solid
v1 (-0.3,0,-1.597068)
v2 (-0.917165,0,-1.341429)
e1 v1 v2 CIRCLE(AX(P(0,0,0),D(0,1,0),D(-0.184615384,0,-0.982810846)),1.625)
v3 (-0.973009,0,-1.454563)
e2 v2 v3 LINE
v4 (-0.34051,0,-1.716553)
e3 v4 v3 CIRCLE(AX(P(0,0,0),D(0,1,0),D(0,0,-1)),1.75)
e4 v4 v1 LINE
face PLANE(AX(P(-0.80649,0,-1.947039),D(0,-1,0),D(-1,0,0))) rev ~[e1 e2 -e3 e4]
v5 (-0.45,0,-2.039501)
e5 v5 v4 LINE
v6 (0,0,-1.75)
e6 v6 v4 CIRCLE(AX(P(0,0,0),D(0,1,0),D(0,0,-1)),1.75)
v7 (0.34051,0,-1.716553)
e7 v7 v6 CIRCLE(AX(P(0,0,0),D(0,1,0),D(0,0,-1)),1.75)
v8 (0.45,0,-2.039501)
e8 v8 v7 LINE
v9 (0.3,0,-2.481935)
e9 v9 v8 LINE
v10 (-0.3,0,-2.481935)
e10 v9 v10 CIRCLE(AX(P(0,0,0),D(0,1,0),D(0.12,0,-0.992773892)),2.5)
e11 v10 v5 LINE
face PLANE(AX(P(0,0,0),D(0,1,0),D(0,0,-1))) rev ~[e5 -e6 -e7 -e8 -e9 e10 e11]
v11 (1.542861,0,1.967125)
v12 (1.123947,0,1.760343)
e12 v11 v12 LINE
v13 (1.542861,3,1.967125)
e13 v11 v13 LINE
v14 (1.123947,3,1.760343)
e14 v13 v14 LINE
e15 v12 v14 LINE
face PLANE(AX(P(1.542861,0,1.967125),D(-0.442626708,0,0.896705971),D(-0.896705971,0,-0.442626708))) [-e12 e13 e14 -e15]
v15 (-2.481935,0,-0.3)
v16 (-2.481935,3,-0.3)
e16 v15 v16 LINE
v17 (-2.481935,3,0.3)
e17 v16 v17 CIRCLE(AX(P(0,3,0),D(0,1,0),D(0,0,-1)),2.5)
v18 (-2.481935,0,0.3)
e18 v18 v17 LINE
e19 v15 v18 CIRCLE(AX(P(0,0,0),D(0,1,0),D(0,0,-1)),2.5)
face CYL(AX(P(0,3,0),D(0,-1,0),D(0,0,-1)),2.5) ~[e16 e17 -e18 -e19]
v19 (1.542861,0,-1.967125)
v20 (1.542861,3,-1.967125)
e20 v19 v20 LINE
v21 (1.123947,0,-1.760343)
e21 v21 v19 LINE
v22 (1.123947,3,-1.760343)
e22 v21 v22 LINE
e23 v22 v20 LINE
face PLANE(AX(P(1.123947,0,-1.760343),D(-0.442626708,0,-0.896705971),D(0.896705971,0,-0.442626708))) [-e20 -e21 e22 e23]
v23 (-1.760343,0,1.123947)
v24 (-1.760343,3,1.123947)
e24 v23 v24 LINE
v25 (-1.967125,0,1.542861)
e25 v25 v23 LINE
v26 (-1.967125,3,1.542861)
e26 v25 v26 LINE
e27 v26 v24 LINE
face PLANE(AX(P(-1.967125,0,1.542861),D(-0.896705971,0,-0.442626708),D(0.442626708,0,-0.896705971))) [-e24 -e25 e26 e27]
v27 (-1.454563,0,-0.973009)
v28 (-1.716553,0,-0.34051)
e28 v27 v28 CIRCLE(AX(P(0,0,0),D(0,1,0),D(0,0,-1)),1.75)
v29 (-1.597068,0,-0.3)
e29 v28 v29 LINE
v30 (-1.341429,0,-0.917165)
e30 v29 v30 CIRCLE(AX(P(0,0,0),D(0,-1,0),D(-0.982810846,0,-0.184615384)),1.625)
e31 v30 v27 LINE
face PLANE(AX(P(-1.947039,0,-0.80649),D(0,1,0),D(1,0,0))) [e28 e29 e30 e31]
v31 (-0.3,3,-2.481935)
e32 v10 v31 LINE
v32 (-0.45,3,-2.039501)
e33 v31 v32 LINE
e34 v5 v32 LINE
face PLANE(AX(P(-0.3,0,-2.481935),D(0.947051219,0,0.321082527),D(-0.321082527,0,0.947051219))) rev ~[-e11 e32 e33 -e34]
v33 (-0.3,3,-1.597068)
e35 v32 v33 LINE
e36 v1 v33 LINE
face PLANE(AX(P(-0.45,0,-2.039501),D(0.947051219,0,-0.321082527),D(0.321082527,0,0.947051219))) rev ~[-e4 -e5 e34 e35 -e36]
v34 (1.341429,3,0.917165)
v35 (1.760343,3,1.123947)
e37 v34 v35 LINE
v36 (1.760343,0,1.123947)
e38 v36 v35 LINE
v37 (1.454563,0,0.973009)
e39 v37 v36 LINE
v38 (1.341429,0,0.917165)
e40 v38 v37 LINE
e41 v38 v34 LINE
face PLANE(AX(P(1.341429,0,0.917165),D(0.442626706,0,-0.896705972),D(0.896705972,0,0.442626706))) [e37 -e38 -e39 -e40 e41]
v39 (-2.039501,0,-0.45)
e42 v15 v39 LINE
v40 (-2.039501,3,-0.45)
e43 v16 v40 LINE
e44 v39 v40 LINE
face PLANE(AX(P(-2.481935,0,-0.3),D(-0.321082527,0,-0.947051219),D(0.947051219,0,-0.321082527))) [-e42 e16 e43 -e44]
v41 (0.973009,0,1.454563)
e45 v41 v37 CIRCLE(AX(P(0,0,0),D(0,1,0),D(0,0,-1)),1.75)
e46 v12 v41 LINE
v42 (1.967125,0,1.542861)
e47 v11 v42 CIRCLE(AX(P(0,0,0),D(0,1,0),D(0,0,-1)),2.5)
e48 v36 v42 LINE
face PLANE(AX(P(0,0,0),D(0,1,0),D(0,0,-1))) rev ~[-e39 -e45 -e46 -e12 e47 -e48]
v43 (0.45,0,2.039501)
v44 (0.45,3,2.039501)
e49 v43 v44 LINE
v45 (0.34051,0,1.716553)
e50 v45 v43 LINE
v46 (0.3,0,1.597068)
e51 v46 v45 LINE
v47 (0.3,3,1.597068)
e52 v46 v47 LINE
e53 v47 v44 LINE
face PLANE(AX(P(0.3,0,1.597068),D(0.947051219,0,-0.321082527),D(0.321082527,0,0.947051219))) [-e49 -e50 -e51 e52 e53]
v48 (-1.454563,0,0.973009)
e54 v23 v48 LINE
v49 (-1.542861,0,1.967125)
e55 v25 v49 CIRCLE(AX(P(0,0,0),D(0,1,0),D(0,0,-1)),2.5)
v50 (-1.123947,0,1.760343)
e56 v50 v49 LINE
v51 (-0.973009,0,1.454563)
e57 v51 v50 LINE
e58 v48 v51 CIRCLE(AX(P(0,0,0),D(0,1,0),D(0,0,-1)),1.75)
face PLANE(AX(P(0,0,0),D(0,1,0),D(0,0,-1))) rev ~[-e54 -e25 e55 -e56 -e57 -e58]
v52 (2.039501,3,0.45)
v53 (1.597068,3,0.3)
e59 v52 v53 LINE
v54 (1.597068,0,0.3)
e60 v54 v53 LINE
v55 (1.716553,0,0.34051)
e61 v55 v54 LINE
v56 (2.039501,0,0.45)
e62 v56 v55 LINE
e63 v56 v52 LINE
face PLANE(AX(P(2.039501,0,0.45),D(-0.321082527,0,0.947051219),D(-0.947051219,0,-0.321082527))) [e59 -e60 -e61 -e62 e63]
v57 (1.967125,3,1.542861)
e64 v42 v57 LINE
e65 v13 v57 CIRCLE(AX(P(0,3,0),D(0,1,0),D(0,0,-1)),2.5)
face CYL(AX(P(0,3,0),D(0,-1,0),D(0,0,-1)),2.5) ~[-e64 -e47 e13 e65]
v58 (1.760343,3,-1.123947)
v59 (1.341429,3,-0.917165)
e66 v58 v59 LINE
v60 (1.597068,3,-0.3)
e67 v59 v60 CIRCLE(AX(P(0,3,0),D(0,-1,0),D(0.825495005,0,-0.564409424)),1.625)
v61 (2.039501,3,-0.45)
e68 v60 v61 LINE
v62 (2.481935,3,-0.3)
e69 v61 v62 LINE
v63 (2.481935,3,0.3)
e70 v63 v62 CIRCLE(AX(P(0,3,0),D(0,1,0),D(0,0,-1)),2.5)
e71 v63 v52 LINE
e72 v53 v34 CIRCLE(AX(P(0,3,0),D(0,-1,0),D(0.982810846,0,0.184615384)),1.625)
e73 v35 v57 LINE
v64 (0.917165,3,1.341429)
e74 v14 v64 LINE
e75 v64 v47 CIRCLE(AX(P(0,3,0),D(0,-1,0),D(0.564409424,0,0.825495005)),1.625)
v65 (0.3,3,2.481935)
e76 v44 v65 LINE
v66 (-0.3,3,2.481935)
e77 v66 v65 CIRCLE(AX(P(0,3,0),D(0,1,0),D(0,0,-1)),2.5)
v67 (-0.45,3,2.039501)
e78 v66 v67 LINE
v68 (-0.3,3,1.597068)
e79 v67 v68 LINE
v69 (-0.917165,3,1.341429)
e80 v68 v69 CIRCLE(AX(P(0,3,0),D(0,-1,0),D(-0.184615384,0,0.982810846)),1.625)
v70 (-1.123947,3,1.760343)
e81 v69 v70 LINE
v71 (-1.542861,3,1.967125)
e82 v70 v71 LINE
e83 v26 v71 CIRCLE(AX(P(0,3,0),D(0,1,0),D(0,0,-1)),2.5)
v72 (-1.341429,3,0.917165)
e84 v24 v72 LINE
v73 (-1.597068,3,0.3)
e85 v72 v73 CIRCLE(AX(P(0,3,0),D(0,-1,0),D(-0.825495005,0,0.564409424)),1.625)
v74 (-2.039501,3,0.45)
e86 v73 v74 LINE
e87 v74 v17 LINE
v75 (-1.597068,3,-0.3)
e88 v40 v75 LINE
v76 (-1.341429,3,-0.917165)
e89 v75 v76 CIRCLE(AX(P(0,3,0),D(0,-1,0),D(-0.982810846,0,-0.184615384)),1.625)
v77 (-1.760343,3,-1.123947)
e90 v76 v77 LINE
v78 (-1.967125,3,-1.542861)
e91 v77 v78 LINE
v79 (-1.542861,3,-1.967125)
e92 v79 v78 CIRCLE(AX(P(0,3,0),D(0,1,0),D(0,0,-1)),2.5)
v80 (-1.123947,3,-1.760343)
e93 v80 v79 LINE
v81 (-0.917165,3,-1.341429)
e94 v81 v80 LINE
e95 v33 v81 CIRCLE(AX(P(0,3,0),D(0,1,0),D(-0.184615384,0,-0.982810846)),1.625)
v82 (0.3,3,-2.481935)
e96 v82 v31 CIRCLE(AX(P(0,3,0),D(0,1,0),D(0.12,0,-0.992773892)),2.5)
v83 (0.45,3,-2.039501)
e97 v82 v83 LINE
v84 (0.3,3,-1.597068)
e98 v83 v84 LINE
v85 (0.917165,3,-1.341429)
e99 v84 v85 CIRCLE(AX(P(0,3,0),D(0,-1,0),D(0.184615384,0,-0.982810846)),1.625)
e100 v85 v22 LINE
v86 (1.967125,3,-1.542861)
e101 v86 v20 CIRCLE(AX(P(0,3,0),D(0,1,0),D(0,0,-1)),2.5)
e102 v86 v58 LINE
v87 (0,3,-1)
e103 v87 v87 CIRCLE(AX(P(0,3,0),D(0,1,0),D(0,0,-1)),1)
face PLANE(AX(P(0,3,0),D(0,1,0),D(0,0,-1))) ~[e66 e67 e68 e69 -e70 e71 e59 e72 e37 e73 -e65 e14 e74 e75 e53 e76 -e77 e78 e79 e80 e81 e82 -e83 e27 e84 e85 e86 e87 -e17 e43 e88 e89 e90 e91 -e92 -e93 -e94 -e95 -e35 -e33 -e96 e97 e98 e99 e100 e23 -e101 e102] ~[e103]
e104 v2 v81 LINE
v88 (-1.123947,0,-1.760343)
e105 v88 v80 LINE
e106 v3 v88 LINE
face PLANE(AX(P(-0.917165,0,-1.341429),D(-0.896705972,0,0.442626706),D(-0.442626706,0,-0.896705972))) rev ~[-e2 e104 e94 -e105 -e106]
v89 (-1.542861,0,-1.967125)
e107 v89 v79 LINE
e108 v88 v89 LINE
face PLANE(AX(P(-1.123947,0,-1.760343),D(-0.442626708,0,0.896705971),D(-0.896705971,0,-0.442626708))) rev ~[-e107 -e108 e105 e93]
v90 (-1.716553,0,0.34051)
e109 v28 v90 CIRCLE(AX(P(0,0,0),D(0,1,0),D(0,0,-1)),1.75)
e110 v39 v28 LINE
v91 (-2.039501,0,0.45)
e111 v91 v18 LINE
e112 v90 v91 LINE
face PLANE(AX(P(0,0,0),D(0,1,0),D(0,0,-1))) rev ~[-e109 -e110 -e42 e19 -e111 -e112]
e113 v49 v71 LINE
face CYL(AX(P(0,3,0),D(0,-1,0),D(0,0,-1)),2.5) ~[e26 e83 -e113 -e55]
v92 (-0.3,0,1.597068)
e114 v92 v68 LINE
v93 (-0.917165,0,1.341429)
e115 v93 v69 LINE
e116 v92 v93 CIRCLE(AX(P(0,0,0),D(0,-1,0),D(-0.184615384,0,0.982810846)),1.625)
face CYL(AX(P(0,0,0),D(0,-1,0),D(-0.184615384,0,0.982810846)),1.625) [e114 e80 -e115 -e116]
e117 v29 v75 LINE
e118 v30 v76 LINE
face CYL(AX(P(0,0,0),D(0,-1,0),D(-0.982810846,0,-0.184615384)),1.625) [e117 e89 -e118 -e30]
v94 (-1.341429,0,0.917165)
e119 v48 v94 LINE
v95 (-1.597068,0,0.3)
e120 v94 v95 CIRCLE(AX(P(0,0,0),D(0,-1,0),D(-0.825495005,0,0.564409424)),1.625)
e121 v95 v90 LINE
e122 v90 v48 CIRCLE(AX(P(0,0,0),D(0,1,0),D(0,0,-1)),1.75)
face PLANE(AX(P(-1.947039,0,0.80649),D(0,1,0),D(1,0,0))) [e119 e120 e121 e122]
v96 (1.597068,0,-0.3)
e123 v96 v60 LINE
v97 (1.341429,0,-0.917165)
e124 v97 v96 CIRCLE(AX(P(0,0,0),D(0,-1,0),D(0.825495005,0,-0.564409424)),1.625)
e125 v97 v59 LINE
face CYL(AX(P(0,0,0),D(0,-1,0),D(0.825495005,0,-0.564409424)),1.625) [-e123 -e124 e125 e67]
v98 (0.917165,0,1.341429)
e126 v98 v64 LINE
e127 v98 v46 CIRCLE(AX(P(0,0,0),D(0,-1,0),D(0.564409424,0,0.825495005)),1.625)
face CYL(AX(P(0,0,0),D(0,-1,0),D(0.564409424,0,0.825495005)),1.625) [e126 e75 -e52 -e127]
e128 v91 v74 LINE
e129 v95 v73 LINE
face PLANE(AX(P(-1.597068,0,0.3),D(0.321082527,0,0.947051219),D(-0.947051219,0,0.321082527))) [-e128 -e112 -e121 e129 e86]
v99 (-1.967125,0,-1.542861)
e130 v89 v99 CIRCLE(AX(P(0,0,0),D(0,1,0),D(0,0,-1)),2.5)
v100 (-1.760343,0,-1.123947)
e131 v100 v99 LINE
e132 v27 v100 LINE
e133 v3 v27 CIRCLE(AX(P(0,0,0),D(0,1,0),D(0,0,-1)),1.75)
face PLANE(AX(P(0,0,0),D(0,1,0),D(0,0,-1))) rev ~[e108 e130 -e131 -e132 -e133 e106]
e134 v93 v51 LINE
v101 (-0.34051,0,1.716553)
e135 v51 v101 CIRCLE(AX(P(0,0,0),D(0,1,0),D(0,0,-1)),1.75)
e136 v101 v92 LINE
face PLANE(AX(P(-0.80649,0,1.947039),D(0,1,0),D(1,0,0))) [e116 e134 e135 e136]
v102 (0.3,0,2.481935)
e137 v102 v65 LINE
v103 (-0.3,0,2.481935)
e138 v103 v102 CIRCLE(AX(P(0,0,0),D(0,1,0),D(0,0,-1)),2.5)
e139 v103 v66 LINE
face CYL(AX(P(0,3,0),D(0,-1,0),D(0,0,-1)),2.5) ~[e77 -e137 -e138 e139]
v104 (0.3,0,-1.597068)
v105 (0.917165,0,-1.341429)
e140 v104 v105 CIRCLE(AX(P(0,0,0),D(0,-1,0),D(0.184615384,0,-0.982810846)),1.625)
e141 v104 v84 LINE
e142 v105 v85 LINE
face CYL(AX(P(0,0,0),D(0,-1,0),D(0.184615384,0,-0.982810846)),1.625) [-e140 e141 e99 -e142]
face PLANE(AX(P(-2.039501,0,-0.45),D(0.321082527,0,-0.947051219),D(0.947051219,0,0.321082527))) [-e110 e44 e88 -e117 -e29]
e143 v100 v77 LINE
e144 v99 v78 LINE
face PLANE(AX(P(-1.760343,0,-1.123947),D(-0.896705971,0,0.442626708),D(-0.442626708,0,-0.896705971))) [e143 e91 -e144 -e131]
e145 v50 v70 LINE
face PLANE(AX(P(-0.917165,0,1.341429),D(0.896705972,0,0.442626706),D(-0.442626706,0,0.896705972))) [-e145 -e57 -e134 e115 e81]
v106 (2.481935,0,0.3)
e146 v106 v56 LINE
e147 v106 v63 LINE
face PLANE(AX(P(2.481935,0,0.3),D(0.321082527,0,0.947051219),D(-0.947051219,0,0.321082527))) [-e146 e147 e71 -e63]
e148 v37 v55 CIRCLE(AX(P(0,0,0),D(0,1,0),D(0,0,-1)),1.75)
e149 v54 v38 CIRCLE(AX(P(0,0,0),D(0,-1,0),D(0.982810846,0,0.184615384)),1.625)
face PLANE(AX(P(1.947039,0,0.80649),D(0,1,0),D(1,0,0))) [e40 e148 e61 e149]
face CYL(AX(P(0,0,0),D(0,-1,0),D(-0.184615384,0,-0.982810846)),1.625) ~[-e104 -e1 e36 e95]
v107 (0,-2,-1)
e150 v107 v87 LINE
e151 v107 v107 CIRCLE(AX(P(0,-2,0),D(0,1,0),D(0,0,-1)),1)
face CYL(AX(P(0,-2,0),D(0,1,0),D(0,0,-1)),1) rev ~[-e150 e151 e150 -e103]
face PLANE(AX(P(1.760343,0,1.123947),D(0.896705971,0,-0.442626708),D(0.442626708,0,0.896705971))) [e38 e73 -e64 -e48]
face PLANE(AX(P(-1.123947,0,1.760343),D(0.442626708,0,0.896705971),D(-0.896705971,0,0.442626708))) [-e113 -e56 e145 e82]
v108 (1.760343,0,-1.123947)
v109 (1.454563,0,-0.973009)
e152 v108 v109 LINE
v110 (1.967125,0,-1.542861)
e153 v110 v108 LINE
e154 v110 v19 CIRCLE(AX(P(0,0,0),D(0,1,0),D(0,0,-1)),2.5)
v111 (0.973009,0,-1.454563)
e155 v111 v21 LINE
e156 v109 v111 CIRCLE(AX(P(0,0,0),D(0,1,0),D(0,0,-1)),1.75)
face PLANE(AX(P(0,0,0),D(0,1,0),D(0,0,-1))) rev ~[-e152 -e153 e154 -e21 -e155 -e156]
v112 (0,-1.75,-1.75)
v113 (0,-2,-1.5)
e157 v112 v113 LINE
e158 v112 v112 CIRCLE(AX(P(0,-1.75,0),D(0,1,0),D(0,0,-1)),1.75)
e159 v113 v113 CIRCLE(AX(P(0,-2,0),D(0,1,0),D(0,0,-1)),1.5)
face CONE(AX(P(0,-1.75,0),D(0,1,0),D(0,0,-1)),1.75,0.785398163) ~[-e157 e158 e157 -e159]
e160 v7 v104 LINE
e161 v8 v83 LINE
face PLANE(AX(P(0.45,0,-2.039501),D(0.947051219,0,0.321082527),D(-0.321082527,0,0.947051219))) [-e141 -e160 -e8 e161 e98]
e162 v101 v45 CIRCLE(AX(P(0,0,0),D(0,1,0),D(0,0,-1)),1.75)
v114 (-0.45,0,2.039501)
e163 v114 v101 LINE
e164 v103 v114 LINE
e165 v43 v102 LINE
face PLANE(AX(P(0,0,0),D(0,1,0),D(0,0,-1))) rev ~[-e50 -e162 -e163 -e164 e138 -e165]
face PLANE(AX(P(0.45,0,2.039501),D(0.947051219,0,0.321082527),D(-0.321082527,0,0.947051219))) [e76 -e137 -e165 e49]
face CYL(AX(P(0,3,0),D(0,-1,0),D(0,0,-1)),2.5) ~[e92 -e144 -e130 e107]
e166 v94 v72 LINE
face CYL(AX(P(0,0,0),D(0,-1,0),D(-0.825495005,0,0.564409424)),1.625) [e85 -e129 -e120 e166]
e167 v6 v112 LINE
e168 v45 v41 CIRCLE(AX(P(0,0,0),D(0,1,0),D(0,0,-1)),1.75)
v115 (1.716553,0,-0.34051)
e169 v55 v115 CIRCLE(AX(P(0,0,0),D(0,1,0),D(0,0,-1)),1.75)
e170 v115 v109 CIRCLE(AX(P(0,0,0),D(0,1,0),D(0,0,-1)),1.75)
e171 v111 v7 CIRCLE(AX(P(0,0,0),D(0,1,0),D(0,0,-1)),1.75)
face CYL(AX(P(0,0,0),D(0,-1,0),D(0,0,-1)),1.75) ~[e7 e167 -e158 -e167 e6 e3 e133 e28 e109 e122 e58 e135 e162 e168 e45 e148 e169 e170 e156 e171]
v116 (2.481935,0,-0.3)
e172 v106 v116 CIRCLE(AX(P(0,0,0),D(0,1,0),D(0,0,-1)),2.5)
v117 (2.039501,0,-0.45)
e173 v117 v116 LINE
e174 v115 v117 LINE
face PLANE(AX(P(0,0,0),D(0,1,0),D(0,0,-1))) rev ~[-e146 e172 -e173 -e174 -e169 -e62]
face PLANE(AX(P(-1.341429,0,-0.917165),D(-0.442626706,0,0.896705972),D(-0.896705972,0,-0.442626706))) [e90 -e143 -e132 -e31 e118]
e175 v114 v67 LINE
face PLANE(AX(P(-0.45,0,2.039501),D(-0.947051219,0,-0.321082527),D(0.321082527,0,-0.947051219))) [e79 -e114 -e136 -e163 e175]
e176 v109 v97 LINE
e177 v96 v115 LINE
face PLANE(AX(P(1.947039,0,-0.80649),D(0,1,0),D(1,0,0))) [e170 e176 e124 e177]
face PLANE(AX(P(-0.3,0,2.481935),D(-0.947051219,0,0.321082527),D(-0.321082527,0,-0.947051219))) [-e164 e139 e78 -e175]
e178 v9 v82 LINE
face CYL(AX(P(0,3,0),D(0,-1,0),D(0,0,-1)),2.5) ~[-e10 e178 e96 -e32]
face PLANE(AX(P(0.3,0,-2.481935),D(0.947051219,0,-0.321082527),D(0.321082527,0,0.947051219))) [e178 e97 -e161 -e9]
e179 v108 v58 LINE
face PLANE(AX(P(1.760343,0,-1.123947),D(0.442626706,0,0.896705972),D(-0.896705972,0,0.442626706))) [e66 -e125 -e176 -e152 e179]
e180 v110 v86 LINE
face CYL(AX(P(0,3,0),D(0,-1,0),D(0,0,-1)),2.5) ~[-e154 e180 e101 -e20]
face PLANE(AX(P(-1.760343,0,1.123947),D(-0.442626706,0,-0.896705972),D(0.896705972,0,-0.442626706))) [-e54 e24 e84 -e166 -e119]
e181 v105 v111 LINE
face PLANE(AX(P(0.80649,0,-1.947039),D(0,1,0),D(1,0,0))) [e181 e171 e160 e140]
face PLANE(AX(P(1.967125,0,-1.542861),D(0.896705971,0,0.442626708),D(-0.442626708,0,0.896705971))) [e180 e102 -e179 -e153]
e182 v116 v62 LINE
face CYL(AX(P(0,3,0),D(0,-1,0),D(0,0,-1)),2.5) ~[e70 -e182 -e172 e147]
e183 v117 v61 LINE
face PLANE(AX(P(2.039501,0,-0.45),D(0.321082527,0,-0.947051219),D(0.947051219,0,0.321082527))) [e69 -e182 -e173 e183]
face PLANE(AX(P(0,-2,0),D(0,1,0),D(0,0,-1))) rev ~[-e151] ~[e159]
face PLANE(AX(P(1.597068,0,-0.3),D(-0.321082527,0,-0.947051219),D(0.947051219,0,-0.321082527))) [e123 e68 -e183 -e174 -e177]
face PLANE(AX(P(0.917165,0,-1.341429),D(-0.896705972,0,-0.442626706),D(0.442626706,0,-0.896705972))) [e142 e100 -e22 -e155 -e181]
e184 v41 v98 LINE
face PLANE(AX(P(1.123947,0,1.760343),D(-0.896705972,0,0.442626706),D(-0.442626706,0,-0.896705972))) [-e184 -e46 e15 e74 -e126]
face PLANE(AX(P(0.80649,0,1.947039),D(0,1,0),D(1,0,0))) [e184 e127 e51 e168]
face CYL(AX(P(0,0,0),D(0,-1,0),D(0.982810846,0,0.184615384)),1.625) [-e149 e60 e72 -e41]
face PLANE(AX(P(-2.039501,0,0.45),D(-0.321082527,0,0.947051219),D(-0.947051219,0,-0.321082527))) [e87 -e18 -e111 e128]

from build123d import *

# Parameters (mm, degrees)
CUT_EXTRUDE1_START = -3
CUT_EXTRUDE1_DEPTH = 3


with BuildPart() as part:
    # Sketch1 → Revolve1 (revolve)
    with BuildSketch(Plane.XY, mode=Mode.PRIVATE) as revolve1_sk:
        Polygon((1, 3), (2.5, 3), (2.5, 0), (1.75, 0), (1.75, -1.75), (1.5, -2), (1, -2), align=None)
    revolve(revolve1_sk.sketch.rotate(Axis((0, -2, 0), (0, 1, 0)), 90), axis=Axis((0, -2, 0), (0, 1, 0)))

    # Sketch2 → Cut-Extrude1 (cut)
    with BuildSketch(Plane(origin=(0, 3, 0), x_dir=(1, 0, 0), z_dir=(0, 1, 0)).offset(CUT_EXTRUDE1_START)):
        with BuildLine():
            Line((-0.3, 2.481934729), (-0.45, 2.039501177))
            Line((-0.45, 2.039501177), (-0.3, 1.597067625))
            ThreePointArc((-0.3, 1.597067625), (-0.621860578, 1.50130424), (-0.917165314, 1.341429382))
            Line((-0.917165314, 1.341429382), (-1.123947061, 1.760343164))
            Line((-1.123947061, 1.760343164), (-1.542860843, 1.967124912))
            ThreePointArc((-1.542860843, 1.967124912), (-0.956708581, 2.309698831), (-0.3, 2.481934729))
        make_face()
        with BuildLine():
            Line((0.45, 2.039501177), (0.3, 1.597067625))
            ThreePointArc((0.3, 1.597067625), (0.621860578, 1.50130424), (0.917165314, 1.341429382))
            Line((0.917165314, 1.341429382), (1.123947061, 1.760343164))
            Line((1.123947061, 1.760343164), (1.542860843, 1.967124912))
            ThreePointArc((1.542860843, 1.967124912), (0.956708581, 2.309698831), (0.3, 2.481934729))
            Line((0.3, 2.481934729), (0.45, 2.039501177))
        make_face()
        with BuildLine():
            Line((1.760343164, 1.123947061), (1.341429382, 0.917165314))
            ThreePointArc((1.341429382, 0.917165314), (1.50130424, 0.621860578), (1.597067625, 0.3))
            Line((1.597067625, 0.3), (2.039501177, 0.45))
            Line((2.039501177, 0.45), (2.481934729, 0.3))
            ThreePointArc((2.481934729, 0.3), (2.309698831, 0.956708581), (1.967124912, 1.542860843))
            Line((1.967124912, 1.542860843), (1.760343164, 1.123947061))
        make_face()
        with BuildLine():
            Line((2.039501177, -0.45), (1.597067625, -0.3))
            ThreePointArc((1.597067625, -0.3), (1.50130424, -0.621860578), (1.341429382, -0.917165314))
            Line((1.341429382, -0.917165314), (1.760343164, -1.123947061))
            Line((1.760343164, -1.123947061), (1.967124912, -1.542860843))
            ThreePointArc((1.967124912, -1.542860843), (2.309698831, -0.956708581), (2.481934729, -0.3))
            Line((2.481934729, -0.3), (2.039501177, -0.45))
        make_face()
        with BuildLine():
            Line((1.123947061, -1.760343164), (0.917165314, -1.341429382))
            ThreePointArc((0.917165314, -1.341429382), (0.621860578, -1.50130424), (0.3, -1.597067625))
            Line((0.3, -1.597067625), (0.45, -2.039501177))
            Line((0.45, -2.039501177), (0.3, -2.481934729))
            ThreePointArc((0.3, -2.481934729), (0.956708581, -2.309698831), (1.542860843, -1.967124912))
            Line((1.542860843, -1.967124912), (1.123947061, -1.760343164))
        make_face()
        with BuildLine():
            Line((-0.45, -2.039501177), (-0.3, -1.597067625))
            ThreePointArc((-0.3, -1.597067625), (-0.621860578, -1.50130424), (-0.917165314, -1.341429382))
            Line((-0.917165314, -1.341429382), (-1.123947061, -1.760343164))
            Line((-1.123947061, -1.760343164), (-1.542860843, -1.967124912))
            ThreePointArc((-1.542860843, -1.967124912), (-0.956708581, -2.309698831), (-0.3, -2.481934729))
            Line((-0.3, -2.481934729), (-0.45, -2.039501177))
        make_face()
        with BuildLine():
            Line((-1.760343164, -1.123947061), (-1.341429382, -0.917165314))
            ThreePointArc((-1.341429382, -0.917165314), (-1.50130424, -0.621860578), (-1.597067625, -0.3))
            Line((-1.597067625, -0.3), (-2.039501177, -0.45))
            Line((-2.039501177, -0.45), (-2.481934729, -0.3))
            ThreePointArc((-2.481934729, -0.3), (-2.309698831, -0.956708581), (-1.967124912, -1.542860843))
            Line((-1.967124912, -1.542860843), (-1.760343164, -1.123947061))
        make_face()
        with BuildLine():
            Line((-2.039501177, 0.45), (-1.597067625, 0.3))
            ThreePointArc((-1.597067625, 0.3), (-1.50130424, 0.621860578), (-1.341429382, 0.917165314))
            Line((-1.341429382, 0.917165314), (-1.760343164, 1.123947061))
            Line((-1.760343164, 1.123947061), (-1.967124912, 1.542860843))
            ThreePointArc((-1.967124912, 1.542860843), (-2.309698831, 0.956708581), (-2.481934729, 0.3))
            Line((-2.481934729, 0.3), (-2.039501177, 0.45))
        make_face()
    extrude(amount=CUT_EXTRUDE1_DEPTH, mode=Mode.SUBTRACT)


solid = part.part
